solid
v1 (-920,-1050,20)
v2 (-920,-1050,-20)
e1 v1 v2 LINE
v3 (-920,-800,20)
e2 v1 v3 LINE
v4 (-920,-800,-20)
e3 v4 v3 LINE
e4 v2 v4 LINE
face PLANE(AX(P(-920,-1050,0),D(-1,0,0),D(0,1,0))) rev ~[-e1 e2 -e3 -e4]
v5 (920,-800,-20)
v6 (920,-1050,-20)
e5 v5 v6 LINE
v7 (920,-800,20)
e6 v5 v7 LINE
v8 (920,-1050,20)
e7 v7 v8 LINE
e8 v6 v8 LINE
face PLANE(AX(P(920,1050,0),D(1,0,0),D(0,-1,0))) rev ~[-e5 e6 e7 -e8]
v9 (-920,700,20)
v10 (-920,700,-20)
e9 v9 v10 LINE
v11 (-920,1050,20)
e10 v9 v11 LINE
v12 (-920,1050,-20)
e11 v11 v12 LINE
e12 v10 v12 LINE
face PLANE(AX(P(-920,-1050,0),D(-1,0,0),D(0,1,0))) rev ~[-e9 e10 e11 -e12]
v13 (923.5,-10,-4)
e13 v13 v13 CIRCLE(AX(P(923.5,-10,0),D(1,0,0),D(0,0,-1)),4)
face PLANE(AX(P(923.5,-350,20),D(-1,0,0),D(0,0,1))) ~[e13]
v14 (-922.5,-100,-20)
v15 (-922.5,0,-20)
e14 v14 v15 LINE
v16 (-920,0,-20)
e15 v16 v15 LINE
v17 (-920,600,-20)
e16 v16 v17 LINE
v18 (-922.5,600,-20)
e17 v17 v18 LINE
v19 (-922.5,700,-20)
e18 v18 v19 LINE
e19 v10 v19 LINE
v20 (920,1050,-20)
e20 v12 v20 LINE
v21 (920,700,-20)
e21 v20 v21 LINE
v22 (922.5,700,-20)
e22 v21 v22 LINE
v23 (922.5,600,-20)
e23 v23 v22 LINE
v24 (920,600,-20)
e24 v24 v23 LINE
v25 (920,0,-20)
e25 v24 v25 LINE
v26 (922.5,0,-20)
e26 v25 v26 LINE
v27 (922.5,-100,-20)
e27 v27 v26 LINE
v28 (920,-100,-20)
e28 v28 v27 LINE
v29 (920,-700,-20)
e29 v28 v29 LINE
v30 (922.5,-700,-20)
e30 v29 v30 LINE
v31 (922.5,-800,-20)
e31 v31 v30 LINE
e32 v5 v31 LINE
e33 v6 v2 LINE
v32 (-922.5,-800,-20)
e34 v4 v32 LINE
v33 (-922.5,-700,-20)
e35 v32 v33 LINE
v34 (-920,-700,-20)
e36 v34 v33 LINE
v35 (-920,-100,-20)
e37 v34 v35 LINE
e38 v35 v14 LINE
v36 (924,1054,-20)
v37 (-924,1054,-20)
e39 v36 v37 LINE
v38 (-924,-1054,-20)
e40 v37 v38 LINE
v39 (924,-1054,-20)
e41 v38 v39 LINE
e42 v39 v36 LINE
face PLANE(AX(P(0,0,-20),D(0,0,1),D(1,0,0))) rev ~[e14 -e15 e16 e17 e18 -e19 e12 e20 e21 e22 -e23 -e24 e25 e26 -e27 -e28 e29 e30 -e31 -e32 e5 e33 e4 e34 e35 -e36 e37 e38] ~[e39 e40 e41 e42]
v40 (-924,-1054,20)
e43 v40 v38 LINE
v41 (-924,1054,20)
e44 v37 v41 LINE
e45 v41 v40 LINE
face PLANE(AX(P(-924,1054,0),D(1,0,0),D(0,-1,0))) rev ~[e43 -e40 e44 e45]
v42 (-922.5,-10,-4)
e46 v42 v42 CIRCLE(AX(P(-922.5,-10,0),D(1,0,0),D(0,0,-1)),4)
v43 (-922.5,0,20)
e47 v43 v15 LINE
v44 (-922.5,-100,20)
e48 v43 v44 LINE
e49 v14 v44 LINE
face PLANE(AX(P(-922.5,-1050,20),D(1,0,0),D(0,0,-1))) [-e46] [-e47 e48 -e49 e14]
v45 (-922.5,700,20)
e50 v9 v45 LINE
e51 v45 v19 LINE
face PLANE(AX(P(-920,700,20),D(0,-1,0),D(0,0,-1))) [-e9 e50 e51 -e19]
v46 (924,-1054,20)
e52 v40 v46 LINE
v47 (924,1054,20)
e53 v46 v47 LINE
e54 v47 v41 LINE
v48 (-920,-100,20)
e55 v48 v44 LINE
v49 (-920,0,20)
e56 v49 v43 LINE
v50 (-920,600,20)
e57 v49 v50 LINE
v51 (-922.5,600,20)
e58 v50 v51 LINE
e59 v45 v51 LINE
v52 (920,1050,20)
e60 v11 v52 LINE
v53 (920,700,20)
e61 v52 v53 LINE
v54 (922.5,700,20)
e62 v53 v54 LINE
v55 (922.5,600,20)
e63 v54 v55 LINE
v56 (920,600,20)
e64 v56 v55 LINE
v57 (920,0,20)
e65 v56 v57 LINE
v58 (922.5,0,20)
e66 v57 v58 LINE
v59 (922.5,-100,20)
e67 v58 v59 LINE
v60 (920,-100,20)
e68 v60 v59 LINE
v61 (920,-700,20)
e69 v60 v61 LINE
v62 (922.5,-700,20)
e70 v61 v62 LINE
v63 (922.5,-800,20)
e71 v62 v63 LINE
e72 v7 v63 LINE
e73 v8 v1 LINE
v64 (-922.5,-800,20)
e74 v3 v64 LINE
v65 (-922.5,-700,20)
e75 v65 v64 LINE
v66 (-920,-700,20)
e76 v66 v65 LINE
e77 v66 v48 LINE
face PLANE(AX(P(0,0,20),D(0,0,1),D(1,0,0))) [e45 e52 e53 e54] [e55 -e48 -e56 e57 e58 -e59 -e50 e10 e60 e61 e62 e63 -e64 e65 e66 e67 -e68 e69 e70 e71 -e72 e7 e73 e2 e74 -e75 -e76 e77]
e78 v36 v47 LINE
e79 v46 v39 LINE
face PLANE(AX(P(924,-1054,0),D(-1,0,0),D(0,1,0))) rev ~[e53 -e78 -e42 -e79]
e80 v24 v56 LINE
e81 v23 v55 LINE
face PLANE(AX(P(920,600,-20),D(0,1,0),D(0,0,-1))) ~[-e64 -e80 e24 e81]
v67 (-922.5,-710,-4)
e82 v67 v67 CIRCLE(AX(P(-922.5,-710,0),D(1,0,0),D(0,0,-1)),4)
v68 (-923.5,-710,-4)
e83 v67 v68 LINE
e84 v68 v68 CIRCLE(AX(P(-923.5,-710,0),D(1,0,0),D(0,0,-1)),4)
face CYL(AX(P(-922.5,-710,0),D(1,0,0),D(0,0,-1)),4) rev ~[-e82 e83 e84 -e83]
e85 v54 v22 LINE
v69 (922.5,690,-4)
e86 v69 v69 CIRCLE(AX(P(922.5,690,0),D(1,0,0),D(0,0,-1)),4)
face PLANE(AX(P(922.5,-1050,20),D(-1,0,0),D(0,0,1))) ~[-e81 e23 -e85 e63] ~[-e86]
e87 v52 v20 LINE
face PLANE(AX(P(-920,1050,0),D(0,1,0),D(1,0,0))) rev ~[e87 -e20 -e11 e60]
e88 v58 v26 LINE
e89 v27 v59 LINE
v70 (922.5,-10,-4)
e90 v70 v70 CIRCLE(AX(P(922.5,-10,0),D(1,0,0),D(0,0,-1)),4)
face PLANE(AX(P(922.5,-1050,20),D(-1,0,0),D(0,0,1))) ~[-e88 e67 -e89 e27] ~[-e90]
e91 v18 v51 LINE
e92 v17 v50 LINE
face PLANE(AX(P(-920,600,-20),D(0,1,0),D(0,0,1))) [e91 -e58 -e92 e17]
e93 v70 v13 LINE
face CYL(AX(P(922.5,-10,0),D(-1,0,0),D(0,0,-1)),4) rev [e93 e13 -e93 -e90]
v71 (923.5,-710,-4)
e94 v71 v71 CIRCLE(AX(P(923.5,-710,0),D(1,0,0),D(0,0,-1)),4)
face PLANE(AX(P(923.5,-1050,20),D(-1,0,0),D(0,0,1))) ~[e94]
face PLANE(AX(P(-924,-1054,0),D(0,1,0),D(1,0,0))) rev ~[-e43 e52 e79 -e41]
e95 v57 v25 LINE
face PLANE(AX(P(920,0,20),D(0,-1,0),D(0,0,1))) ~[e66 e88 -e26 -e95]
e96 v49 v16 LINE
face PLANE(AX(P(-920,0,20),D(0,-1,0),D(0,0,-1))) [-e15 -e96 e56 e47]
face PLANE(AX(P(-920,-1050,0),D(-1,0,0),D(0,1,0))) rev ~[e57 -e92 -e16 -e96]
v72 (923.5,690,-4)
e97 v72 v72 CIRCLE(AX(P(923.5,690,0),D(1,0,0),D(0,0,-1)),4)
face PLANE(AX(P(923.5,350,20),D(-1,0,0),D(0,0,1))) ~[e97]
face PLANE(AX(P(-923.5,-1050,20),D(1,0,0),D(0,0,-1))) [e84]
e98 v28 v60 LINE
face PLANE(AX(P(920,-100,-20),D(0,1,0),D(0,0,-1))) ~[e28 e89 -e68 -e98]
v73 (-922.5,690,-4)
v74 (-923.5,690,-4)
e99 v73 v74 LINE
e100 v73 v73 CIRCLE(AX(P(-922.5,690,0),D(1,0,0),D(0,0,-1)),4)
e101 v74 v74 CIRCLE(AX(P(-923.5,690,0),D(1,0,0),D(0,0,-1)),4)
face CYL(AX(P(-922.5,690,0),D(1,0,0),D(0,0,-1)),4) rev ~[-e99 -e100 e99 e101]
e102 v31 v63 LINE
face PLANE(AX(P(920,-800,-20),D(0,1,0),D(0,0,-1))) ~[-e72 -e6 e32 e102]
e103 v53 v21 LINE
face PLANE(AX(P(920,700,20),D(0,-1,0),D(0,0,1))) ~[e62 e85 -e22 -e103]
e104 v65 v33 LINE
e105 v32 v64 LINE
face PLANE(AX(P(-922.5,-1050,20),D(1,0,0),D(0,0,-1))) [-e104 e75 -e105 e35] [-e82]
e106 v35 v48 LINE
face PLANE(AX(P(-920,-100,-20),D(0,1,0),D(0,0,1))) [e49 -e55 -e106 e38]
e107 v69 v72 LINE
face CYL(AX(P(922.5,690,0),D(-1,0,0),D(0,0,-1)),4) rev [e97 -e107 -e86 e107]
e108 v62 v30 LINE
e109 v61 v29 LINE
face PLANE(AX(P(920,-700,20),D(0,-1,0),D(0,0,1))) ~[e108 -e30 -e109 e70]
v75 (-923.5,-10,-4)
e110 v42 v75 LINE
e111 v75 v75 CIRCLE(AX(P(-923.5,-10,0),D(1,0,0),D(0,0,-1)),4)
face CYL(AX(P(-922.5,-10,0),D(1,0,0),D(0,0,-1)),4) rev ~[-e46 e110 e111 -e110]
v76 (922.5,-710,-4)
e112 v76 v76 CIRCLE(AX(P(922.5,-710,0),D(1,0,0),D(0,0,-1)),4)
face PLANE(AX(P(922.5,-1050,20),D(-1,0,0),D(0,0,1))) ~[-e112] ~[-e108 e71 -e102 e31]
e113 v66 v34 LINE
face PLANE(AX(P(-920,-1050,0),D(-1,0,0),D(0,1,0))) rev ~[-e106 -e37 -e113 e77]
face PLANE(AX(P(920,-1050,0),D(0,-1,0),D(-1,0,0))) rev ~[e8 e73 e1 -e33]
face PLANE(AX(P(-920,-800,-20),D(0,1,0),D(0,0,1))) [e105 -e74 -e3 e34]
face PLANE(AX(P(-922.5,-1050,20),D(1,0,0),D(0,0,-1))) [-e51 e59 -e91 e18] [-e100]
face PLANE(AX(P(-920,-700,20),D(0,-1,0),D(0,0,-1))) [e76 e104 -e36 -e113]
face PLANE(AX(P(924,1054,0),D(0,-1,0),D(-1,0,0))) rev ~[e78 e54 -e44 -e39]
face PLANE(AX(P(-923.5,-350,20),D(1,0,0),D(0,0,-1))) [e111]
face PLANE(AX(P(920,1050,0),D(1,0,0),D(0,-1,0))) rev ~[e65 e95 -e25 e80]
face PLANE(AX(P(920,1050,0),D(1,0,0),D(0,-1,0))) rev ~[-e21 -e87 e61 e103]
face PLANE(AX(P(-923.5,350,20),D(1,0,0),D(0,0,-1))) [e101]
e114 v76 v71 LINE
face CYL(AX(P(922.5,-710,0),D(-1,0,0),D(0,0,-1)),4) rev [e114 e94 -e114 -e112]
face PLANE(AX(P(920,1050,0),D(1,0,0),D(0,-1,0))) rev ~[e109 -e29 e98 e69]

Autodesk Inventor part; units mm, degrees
ref_plane "YZ Plane" through (0, 0, 0) normal (1, 0, 0) x (0, 1, 0)
ref_plane "XZ Plane" through (0, 0, 0) normal (0, 1, 0) x (-1, 0, 0)
ref_plane "XY Plane" through (0, 0, 0) normal (0, 0, 1) x (1, 0, 0)
sketch "Sketch1" plane through (0, 0, 0) normal (0, 0, 1) x (1, 0, 0)
  line L0 (920, -1050) -> (-920, -1050)
  line L1 (-920, -1050) -> (-920, 1050)
  line L2 (-920, 1050) -> (920, 1050)
  line L3 (920, 1050) -> (920, -1050)
  line L4 (920, -1050) -> (-920, 1050) construction
  line L5 (-920, -1050) -> (920, 1050) construction
  line L6 (924, 1054) -> (-924, 1054)
  line L7 (-924, 1054) -> (-924, -1054)
  line L8 (-924, -1054) -> (924, -1054)
  line L9 (924, -1054) -> (924, 1054)
  point P0 (0, 0)
  dimension "d0" = 1840
  dimension "d1" = 2100
  dimension "d2" = 4
extrude "Extrusion1" add sketch "Sketch1" along normal mid plane 40
sketch "Sketch2" plane through (-920, -1050, 20) normal (1, 0, 0) x (0, 0, -1)
  line L0 (0, 2104) -> (0, -4) projected
  line L1 (40, -4) -> (40, 2104) projected
  line L2 (0, 1750) -> (40, 1750)
  line L3 (40, 1750) -> (40, 1650)
  line L4 (40, 1650) -> (0, 1650)
  line L5 (0, 1650) -> (0, 1750)
  line L6 (0, 2104) -> (40, 2104) projected
  line L7 (0, 1050) -> (40, 1050)
  line L8 (40, 1050) -> (40, 950)
  line L9 (0, 950) -> (0, 1050)
  line L10 (40, 950) -> (0, 950)
  line L11 (0, 350) -> (40, 350)
  line L12 (40, 350) -> (40, 250)
  line L13 (0, 250) -> (0, 350)
  line L14 (40, 250) -> (0, 250)
  line L15 (40, 2100) -> (0, 2100) projected
  point P0 (20, 1050)
  point P1 (0, 250)
  point P2 (40, 350)
  point P3 (0, 950)
  point P4 (40, 1050)
  point P5 (0, 1650)
  point P6 (40, 1750)
  dimension "d5" = 100
  dimension "d9" = 700
  dimension "d24" = 350
extrude "Extrusion2" cut sketch "Sketch2" against normal blind 2.5 contours L2 L1 L4 L0 | L7 L1 L10 L0 | L11 L1 L14 L0
mirror "Mirror1" about plane through (0, 0, 0) normal (1, 0, 0) of "Extrusion2"
sketch "Sketch3" plane through (-922.5, -1050, 20) normal (1, 0, 0) x (0, 0, -1)
  circle A0 centre (20, 340) radius 4
  line L0 (0, 2104) -> (0, -4) projected
  line L1 (0, 350) -> (40, 350) projected
  point P0 (20, 1050)
  dimension "d16" = 8
  dimension "d17" = 20
  dimension "d18" = 10
extrude "Extrusion3" cut sketch "Sketch3" against normal blind 1
pattern_linear "Rectangular Pattern1" count 3 spacing 700 along (0, 1, 0) of "Extrusion3"
mirror "Mirror2" about plane through (0, 0, 0) normal (1, 0, 0) of "Extrusion3", "Rectangular Pattern1"
properties part number "Frame2" material "Zinc"
